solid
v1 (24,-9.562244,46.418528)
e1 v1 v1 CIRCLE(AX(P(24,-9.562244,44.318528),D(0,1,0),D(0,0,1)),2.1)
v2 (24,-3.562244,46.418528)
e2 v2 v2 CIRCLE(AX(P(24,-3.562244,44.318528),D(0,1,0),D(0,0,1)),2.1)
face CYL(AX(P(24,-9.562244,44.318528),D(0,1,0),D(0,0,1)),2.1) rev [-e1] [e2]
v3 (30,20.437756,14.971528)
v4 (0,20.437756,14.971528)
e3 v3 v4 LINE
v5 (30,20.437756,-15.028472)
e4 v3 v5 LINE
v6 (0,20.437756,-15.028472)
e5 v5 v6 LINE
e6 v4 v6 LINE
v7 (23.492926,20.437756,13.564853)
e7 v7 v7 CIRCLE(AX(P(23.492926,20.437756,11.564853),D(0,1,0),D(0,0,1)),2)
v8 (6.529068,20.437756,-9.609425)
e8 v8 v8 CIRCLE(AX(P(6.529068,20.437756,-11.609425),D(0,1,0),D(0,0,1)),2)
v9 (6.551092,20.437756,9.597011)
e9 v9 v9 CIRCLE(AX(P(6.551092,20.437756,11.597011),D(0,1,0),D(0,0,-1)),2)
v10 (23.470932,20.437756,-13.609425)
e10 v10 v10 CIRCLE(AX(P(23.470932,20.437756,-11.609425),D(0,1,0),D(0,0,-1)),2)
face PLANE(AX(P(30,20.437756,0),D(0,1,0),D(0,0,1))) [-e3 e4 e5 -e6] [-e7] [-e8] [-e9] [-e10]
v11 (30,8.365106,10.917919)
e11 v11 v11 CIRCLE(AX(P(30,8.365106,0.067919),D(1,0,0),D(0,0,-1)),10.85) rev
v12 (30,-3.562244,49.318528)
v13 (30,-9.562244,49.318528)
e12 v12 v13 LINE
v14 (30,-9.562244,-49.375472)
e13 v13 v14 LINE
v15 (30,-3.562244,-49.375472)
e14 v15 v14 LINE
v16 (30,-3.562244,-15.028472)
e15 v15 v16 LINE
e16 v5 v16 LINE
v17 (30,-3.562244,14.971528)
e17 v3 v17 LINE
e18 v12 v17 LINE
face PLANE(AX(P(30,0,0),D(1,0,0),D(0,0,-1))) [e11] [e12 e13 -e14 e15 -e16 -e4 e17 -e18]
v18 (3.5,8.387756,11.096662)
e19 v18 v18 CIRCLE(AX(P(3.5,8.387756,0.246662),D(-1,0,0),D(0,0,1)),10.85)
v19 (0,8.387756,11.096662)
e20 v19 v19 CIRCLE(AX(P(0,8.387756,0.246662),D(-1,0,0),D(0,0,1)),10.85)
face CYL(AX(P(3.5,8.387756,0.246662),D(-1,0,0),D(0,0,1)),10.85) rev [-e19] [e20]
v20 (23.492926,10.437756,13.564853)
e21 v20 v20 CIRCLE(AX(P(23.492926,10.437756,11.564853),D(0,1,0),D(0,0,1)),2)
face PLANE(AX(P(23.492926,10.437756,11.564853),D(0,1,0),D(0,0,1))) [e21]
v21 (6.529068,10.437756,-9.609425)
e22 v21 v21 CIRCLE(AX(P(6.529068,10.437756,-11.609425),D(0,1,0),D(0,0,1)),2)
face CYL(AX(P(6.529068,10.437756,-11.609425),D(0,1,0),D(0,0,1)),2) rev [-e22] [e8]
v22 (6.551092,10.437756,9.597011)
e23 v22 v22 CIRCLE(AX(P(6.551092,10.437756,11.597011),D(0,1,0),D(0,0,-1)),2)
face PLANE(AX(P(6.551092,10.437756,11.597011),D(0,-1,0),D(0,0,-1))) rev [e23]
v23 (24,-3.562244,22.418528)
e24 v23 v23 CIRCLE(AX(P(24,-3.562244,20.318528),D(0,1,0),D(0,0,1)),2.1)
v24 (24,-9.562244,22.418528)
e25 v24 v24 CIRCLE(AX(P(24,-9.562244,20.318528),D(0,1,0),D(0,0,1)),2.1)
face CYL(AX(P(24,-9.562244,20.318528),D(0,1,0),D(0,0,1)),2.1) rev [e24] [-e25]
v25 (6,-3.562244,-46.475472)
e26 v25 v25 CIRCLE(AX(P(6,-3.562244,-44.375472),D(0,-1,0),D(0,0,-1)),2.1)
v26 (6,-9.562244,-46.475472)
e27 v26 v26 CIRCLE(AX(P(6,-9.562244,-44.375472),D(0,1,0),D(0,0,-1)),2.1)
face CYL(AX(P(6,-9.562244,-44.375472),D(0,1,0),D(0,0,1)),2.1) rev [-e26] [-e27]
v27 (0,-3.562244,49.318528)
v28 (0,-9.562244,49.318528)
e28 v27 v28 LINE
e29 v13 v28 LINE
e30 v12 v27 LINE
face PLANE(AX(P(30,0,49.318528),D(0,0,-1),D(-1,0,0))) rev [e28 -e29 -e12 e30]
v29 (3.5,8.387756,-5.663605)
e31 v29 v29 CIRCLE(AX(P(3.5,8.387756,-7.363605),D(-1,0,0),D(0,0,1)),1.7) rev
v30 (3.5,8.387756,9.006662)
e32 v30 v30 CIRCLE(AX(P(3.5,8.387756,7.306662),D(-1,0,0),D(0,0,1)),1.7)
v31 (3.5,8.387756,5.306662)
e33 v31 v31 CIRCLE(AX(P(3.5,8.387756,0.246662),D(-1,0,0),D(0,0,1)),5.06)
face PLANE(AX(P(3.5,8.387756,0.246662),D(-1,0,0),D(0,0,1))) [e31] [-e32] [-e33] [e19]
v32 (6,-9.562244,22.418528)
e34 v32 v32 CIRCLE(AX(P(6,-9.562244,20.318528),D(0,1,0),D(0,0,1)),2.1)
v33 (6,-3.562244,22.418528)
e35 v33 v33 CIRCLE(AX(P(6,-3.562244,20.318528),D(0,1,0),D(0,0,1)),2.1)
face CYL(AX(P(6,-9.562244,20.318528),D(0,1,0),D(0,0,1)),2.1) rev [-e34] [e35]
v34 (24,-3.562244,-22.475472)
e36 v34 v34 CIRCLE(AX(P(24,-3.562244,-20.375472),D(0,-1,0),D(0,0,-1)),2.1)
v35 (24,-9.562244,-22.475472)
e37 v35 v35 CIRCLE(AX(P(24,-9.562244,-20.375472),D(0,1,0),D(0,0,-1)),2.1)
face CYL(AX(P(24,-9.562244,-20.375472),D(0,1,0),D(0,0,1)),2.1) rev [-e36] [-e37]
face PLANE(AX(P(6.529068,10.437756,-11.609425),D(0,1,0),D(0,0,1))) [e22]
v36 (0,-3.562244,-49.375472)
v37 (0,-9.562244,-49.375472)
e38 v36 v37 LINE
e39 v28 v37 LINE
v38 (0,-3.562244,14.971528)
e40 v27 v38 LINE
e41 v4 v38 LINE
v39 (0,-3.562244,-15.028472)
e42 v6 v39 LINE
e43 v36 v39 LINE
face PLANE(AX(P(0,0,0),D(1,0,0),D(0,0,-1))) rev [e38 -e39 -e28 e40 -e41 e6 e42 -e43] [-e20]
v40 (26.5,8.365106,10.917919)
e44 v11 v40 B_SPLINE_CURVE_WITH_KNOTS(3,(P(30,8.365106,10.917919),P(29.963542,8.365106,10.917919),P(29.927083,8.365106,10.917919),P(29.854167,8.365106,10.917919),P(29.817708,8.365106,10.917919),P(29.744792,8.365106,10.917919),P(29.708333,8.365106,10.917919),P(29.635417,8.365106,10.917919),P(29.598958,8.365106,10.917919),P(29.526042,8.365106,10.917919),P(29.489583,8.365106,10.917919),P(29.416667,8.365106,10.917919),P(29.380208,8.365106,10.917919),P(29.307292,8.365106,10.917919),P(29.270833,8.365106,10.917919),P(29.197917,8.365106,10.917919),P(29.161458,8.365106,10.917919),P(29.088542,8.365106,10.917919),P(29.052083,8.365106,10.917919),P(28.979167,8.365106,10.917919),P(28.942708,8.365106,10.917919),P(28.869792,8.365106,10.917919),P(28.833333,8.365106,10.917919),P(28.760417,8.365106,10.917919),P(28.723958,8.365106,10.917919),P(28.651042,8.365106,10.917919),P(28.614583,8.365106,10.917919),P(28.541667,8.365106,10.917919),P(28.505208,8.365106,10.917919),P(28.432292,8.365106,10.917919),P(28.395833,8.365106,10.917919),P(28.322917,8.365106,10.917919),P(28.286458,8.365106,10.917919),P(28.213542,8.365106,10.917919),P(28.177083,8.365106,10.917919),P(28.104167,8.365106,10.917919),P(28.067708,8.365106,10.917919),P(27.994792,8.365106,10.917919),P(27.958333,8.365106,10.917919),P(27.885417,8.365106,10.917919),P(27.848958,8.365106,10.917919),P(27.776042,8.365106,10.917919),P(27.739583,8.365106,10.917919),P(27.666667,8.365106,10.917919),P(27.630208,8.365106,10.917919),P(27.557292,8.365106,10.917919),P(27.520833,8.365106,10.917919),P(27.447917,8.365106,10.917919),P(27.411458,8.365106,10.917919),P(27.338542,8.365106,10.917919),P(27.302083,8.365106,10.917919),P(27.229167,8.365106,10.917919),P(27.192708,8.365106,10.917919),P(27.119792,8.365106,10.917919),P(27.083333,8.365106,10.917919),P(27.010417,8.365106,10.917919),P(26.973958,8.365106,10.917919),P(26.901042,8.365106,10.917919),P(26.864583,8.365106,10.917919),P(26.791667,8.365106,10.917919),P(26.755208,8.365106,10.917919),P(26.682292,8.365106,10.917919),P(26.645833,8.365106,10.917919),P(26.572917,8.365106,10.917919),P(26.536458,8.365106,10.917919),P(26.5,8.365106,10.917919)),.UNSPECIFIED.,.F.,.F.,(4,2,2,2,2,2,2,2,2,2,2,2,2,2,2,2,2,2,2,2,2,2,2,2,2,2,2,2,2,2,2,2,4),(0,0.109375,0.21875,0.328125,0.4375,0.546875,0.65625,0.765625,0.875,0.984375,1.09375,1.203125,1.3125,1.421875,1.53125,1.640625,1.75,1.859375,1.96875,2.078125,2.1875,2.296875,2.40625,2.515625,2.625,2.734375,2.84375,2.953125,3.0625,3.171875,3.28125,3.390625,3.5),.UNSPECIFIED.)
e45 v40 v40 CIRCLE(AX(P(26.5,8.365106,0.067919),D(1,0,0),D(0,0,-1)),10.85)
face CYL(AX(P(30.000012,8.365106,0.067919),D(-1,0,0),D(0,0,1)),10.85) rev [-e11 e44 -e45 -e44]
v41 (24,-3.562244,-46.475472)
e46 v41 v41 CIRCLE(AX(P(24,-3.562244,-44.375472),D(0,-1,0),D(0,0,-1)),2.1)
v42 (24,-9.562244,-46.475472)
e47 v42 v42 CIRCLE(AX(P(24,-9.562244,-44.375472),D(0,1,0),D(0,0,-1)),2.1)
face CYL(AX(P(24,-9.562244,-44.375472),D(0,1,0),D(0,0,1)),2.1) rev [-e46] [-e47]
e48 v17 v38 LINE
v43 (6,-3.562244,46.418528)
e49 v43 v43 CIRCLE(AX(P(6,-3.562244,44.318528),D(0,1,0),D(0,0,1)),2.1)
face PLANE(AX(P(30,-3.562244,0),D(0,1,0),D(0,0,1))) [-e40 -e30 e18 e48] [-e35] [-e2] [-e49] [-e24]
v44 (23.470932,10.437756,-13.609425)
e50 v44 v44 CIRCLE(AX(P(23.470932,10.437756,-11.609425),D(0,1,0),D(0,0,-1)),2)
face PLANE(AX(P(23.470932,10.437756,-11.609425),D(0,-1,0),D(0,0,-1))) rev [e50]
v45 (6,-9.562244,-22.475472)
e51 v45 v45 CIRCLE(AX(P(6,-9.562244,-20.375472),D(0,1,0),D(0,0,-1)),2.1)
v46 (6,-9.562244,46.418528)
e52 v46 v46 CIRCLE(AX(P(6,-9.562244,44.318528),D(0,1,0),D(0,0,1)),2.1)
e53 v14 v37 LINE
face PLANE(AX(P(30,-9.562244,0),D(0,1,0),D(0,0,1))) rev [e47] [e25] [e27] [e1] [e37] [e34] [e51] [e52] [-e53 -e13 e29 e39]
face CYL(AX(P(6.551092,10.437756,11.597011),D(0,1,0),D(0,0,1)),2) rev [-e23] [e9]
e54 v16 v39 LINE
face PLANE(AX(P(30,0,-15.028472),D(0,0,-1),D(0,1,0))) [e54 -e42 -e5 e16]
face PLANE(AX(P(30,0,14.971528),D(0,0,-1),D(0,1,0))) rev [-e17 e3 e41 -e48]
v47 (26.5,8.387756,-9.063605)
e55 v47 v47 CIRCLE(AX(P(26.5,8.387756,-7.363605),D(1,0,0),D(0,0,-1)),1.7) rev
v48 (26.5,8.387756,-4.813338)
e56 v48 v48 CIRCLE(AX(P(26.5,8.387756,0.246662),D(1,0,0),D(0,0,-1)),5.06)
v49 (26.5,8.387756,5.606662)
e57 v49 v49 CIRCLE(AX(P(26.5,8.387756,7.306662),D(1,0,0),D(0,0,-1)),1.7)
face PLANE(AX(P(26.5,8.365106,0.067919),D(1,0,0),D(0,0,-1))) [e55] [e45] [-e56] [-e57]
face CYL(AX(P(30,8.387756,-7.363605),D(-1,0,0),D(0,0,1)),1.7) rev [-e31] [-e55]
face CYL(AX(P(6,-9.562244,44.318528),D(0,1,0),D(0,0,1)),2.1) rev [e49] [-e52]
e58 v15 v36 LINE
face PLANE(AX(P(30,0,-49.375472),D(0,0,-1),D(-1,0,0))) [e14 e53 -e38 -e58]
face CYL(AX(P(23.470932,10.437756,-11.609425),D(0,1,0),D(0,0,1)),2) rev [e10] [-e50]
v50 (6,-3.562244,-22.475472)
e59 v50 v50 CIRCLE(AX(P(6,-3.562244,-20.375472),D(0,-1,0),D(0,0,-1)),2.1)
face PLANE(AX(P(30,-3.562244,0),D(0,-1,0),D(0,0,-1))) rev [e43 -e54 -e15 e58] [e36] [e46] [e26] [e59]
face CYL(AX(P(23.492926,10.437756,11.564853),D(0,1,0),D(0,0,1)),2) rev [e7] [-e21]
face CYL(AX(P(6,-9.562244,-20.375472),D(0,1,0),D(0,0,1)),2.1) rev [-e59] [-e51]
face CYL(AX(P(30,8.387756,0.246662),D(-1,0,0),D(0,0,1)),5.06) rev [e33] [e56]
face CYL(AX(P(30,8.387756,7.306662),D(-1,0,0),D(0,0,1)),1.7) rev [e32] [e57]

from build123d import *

# Parameters (mm, degrees)
SKETCH_1_R               = 5.06
SKETCH_1_R_2             = 1.7
EXTRUDE_2_DEPTH          = 30
CUT_EXTRUDE_1_DEPTH      = 63.561467357
CUT_EXTRUDE_1_DEPTH_BACK = 63.561467357
SKETCH_3_R               = 2.1
CUT_EXTRUDE_2_DEPTH      = 62.283268979
CUT_EXTRUDE_2_DEPTH_BACK = 3.5
SKETCH_6_R               = 10.85
SKETCH_7_R               = 10.85
CUT_EXTRUDE_3_DEPTH      = 3.5
SKETCH_8_R               = 2
CUT_EXTRUDE_4_DEPTH      = 10


with BuildPart() as part:
    # Эскиз1 → Бобышка-Вытянуть2 (new body)
    with BuildSketch(Plane(origin=(0, 0, 0), x_dir=(0, 0, -1), z_dir=(1, 0, 0))):
        Polygon((15.028471622, 20.43775572), (15.028471622, -3.56224428), (49.375471622, -3.56224428), (49.375471622, -9.56224428), (-49.318528378, -9.56224428), (-49.318528378, -3.56224428), (-14.971528378, -3.56224428), (-14.971528378, 20.43775572), align=None)
        with Locations((-0.246661602, 8.38775572)):
            Circle(SKETCH_1_R, mode=Mode.SUBTRACT)
        with Locations((7.363604846, 8.38775572)):
            Circle(SKETCH_1_R_2, mode=Mode.SUBTRACT)
        with Locations((-7.306661602, 8.38775572)):
            Circle(SKETCH_1_R_2, mode=Mode.SUBTRACT)
    extrude(amount=EXTRUDE_2_DEPTH)

    # Эскиз3 → Вырез-Вытянуть1 (cut, two sides: drawn at the far end of the back side and taken through both)
    with BuildSketch(Plane(origin=(0, -3.56224428, 0), x_dir=(1, 0, 0), z_dir=(0, 1, 0)).offset(-CUT_EXTRUDE_1_DEPTH_BACK)):
        with Locations(Location((6, -20.318528378, 0), (0, 0, 270))):
            Circle(SKETCH_3_R)
        with Locations(Location((24, -20.318528378, 0), (0, 0, 270))):
            Circle(SKETCH_3_R)
        with Locations(Location((24, -44.318528378, 0), (0, 0, 270))):
            Circle(SKETCH_3_R)
        with Locations(Location((6, -44.318528378, 0), (0, 0, 270))):
            Circle(SKETCH_3_R)
        with Locations(Location((6, 44.375471622, 0), (0, 0, 90))):
            Circle(SKETCH_3_R)
        with Locations(Location((24, 44.375471622, 0), (0, 0, 90))):
            Circle(SKETCH_3_R)
        with Locations(Location((24, 20.375471622, 0), (0, 0, 90))):
            Circle(SKETCH_3_R)
        with Locations(Location((6, 20.375471622, 0), (0, 0, 90))):
            Circle(SKETCH_3_R)
    extrude(amount=CUT_EXTRUDE_1_DEPTH + CUT_EXTRUDE_1_DEPTH_BACK, mode=Mode.SUBTRACT)

    # Эскиз6 → Вырез-Вытянуть2 (cut, two sides: drawn at the far end of the back side and taken through both)
    with BuildSketch(Plane(origin=(30, 0, 0), x_dir=(0, 0, -1), z_dir=(1, 0, 0)).offset(-CUT_EXTRUDE_2_DEPTH_BACK)):
        with Locations(Location((-0.067919336, 8.365106346, 0), (0, 0, 180))):
            Circle(SKETCH_6_R)
    extrude(amount=CUT_EXTRUDE_2_DEPTH + CUT_EXTRUDE_2_DEPTH_BACK, mode=Mode.SUBTRACT)

    # Эскиз7 → Вырез-Вытянуть3 (cut)
    with BuildSketch(Plane.ZY):
        with Locations((0.246661602, 8.38775572)):
            Circle(SKETCH_7_R)
    extrude(amount=-CUT_EXTRUDE_3_DEPTH, mode=Mode.SUBTRACT)

    # Эскиз8 → Вырез-Вытянуть4 (cut)
    with BuildSketch(Plane(origin=(0, 20.43775572, 0), x_dir=(1, 0, 0), z_dir=(0, 1, 0))):
        with Locations(Location((6.529067928, 11.609424623, 0), (0, 0, 270))):
            Circle(SKETCH_8_R)
        with Locations(Location((23.470932072, 11.609424623, 0), (0, 0, 90))):
            Circle(SKETCH_8_R)
        with Locations(Location((23.492925715, -11.564853382, 0), (0, 0, 270))):
            Circle(SKETCH_8_R)
        with Locations(Location((6.55109209, -11.597010844, 0), (0, 0, 90))):
            Circle(SKETCH_8_R)
    extrude(amount=-CUT_EXTRUDE_4_DEPTH, mode=Mode.SUBTRACT)


solid = part.part
